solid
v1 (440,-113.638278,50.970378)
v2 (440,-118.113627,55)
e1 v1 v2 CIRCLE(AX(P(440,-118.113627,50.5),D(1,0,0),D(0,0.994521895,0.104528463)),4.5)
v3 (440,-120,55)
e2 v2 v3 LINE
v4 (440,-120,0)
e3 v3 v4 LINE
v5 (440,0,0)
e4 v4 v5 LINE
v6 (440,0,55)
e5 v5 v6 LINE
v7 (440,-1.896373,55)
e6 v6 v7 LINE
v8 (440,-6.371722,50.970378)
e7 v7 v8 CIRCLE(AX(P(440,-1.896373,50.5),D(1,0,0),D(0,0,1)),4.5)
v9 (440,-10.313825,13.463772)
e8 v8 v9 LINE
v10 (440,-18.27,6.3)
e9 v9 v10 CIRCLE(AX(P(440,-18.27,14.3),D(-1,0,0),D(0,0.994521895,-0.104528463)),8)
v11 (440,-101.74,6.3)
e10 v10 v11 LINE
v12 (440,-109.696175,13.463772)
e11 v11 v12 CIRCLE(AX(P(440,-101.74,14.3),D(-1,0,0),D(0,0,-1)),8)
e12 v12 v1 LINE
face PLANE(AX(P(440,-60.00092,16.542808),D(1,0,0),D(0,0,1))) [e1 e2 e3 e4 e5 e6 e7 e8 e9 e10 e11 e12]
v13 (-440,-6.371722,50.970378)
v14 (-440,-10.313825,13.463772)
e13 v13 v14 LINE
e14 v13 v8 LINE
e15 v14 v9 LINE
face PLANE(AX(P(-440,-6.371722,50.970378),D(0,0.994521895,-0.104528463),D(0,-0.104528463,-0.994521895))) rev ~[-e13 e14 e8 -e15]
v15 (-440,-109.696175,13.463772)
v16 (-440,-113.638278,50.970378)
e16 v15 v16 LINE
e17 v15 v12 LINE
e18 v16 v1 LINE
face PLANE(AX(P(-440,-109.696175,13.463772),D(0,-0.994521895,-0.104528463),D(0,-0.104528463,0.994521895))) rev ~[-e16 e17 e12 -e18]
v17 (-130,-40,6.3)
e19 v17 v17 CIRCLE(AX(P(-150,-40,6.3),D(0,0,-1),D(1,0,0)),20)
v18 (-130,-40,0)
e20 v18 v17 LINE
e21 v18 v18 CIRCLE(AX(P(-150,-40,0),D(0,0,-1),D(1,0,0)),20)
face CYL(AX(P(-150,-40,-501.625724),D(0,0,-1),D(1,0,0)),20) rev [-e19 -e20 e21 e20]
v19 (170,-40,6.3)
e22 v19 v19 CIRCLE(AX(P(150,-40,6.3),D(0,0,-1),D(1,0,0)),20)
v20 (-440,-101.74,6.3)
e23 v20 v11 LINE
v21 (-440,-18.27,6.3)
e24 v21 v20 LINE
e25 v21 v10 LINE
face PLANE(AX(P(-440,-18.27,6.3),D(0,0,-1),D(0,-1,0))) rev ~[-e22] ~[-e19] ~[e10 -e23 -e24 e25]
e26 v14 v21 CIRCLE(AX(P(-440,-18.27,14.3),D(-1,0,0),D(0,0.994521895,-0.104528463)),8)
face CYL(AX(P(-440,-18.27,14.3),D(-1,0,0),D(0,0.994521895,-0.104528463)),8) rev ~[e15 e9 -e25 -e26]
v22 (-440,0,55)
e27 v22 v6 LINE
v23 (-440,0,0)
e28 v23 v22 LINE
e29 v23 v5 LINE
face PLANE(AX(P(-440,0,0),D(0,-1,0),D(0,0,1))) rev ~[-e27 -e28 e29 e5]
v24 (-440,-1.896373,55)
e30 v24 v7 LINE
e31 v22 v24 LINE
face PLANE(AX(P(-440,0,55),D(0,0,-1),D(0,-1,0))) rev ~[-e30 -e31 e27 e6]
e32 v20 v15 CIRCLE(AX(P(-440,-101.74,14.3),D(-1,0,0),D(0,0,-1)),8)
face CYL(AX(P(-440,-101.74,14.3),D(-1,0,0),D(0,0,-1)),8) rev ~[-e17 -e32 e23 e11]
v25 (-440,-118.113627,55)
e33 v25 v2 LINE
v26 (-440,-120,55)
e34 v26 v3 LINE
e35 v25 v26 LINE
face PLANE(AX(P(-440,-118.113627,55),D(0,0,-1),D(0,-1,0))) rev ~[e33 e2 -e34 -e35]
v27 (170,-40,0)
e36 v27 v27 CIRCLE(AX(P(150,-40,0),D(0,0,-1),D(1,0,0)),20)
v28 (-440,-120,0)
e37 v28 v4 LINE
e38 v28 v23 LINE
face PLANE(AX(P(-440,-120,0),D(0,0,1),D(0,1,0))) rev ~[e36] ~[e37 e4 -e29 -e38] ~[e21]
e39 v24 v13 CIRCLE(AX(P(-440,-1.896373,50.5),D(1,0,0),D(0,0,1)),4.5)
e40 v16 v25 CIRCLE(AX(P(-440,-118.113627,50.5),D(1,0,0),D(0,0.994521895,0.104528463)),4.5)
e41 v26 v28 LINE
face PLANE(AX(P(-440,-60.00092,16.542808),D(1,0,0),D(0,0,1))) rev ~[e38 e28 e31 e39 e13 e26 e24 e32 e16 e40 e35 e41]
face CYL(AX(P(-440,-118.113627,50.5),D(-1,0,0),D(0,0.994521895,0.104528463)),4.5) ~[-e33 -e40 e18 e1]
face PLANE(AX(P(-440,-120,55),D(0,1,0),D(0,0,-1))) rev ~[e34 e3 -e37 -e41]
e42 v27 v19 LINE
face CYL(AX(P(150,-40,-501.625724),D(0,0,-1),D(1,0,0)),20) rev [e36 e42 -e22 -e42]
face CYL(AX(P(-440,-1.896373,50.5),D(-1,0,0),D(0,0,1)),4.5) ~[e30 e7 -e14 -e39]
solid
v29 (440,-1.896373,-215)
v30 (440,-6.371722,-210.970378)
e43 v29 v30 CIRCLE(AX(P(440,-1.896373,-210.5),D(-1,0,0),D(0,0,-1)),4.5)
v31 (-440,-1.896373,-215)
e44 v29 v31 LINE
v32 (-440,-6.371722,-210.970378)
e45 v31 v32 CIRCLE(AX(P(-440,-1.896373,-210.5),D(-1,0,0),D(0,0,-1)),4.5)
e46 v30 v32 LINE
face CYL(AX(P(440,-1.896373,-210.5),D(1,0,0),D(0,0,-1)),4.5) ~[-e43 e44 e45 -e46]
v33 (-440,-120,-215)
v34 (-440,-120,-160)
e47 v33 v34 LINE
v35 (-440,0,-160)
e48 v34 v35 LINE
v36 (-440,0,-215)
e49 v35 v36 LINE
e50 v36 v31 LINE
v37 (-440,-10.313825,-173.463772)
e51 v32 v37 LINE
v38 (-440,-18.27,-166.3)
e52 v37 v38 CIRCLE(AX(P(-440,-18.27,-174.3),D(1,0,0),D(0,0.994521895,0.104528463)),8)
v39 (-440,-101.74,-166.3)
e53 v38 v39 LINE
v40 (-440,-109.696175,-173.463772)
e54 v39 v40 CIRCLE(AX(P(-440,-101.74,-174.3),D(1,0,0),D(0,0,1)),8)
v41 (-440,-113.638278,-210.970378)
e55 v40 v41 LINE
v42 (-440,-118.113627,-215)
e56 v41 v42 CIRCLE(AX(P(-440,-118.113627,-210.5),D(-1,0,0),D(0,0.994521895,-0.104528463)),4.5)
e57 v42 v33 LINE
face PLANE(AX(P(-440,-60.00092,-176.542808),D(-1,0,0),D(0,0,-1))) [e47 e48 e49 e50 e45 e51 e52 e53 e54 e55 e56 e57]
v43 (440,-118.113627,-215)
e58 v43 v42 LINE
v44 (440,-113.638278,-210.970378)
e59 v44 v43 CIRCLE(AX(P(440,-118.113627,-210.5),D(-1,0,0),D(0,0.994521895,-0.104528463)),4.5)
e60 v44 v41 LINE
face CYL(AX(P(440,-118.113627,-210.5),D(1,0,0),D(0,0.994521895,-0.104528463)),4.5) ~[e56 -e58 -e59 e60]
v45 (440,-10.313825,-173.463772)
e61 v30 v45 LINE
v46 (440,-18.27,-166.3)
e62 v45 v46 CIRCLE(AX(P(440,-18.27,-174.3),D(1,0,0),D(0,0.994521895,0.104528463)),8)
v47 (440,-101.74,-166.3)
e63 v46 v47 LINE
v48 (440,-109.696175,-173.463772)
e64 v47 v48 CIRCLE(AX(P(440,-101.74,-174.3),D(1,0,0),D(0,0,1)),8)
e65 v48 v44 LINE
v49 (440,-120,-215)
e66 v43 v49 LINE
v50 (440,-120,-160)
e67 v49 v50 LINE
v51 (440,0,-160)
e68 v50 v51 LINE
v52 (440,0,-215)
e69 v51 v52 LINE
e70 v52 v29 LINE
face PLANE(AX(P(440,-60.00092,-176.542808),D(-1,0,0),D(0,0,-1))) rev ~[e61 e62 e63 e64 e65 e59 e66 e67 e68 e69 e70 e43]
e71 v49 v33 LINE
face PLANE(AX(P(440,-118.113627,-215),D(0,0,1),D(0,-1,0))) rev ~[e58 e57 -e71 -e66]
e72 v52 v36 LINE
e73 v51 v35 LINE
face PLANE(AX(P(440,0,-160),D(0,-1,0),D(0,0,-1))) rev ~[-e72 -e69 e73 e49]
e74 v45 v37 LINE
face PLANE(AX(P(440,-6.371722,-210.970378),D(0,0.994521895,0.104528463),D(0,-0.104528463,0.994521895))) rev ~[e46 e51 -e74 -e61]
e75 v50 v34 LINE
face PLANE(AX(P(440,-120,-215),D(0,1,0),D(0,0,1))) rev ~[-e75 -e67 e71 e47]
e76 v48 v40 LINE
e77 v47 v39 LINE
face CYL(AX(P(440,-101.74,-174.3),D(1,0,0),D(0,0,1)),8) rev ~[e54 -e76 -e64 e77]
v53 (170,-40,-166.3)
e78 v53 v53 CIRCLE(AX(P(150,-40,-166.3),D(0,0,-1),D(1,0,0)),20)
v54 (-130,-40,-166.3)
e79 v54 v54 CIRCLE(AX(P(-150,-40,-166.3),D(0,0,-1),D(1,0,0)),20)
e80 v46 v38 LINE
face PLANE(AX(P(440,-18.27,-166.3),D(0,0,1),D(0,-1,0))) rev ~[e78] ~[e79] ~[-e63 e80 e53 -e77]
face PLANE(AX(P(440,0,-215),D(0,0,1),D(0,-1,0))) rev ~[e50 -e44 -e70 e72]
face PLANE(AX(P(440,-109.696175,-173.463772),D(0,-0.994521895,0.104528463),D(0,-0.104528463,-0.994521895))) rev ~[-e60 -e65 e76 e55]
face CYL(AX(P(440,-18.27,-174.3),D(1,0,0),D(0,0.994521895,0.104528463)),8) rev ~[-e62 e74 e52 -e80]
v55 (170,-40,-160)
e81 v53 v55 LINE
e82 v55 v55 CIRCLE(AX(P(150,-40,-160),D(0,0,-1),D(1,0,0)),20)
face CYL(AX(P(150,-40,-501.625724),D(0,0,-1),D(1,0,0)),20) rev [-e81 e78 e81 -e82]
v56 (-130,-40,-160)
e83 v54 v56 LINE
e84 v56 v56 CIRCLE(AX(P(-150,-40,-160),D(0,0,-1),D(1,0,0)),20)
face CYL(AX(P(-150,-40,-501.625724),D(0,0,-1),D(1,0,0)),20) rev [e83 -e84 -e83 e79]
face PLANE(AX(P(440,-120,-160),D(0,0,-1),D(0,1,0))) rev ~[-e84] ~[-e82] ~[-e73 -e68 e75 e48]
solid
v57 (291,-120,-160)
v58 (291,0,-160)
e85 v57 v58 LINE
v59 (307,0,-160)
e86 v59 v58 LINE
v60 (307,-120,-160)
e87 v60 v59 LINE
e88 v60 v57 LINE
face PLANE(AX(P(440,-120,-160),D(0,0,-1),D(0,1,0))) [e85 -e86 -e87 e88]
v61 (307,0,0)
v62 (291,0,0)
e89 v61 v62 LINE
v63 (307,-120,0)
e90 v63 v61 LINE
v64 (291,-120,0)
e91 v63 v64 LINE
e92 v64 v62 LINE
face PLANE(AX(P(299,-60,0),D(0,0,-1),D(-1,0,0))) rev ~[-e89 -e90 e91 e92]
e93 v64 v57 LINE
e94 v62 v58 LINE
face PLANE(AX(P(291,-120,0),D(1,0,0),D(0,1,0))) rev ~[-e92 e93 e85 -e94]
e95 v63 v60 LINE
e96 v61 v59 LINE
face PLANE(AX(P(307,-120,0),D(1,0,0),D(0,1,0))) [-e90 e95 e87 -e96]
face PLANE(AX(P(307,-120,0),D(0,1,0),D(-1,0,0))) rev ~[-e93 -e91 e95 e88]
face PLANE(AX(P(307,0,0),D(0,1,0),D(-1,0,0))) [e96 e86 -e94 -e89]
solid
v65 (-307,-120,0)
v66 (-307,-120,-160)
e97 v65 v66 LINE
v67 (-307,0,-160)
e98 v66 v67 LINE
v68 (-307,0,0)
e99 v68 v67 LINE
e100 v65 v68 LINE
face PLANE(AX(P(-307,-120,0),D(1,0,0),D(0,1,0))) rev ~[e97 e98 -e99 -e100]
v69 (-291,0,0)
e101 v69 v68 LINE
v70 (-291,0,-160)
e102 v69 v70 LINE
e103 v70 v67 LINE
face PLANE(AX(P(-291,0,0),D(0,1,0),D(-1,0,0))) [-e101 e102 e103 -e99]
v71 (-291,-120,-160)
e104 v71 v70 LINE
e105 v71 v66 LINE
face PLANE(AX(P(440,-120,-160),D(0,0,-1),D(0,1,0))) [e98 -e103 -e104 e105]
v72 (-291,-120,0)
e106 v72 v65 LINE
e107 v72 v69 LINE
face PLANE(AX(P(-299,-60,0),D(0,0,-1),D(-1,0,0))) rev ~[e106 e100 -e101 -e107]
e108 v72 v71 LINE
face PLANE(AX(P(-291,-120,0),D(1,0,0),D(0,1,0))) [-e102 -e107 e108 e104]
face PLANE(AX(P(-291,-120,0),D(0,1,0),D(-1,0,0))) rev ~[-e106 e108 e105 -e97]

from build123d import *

# Parameters (mm, degrees)
C_CHANNEL_120_X_12_1_DEPTH = 880
C_CHANNEL_120_X_12_2_DEPTH = 880
CUT_EXTRUDE3_DEPTH         = 507.925724342
CUT_EXTRUDE3_DEPTH_BACK    = 507.925724342
SKETCH18_R                 = 20
BOSS_EXTRUDE1_REACH        = 506.207
SKETCH19_W                 = 16
SKETCH19_H                 = 120


with BuildPart() as part:
    # Sketch13 → C channel 120 X 12(1) (new body)
    with BuildSketch(Plane(origin=(-440, 0, 0), x_dir=(0, 0, 1), z_dir=(1, 0, 0))):
        with BuildLine():
            Line((55, 120), (0, 120))
            Line((0, 120), (0, 0))
            Line((0, 0), (55, 0))
            Line((55, 0), (55, 1.896373189))
            ThreePointArc((55, 1.896373189), (53.844151715, 4.907460917), (50.970378085, 6.371721718))
            Line((50.970378085, 6.371721718), (13.463772294, 10.313824837))
            ThreePointArc((13.463772294, 10.313824837), (8.354841396, 12.916955149), (6.3, 18.27))
            Line((6.3, 18.27), (6.3, 101.74))
            ThreePointArc((6.3, 101.74), (8.354841396, 107.093044851), (13.463772294, 109.696175163))
            Line((13.463772294, 109.696175163), (50.970378085, 113.638278282))
            ThreePointArc((50.970378085, 113.638278282), (53.844151715, 115.102539083), (55, 118.113626811))
            Line((55, 118.113626811), (55, 120))
        make_face()
    extrude(amount=C_CHANNEL_120_X_12_1_DEPTH)


with BuildPart() as body_2:
    # Sketch16 → C channel 120 X 12(2) (new body)
    with BuildSketch(Plane(origin=(440, 0, -160), x_dir=(0, 0, -1), z_dir=(-1, 0, 0))):
        with BuildLine():
            Line((55, 120), (0, 120))
            Line((0, 120), (0, 0))
            Line((0, 0), (55, 0))
            Line((55, 0), (55, 1.896373189))
            ThreePointArc((55, 1.896373189), (53.844151715, 4.907460917), (50.970378085, 6.371721718))
            Line((50.970378085, 6.371721718), (13.463772294, 10.313824837))
            ThreePointArc((13.463772294, 10.313824837), (8.354841396, 12.916955149), (6.3, 18.27))
            Line((6.3, 18.27), (6.3, 101.74))
            ThreePointArc((6.3, 101.74), (8.354841396, 107.093044851), (13.463772294, 109.696175163))
            Line((13.463772294, 109.696175163), (50.970378085, 113.638278282))
            ThreePointArc((50.970378085, 113.638278282), (53.844151715, 115.102539083), (55, 118.113626811))
            Line((55, 118.113626811), (55, 120))
        make_face()
    extrude(amount=C_CHANNEL_120_X_12_2_DEPTH)


with BuildPart() as cut_extrude3_tool:
    # Sketch18 → Cut-Extrude3 (new, two sides: drawn at the far end of the back side and taken through both)
    with BuildSketch(Plane.XY.offset(6.3).offset(-CUT_EXTRUDE3_DEPTH_BACK)):
        with Locations((-150, -40)):
            Circle(SKETCH18_R)
        with Locations((150, -40)):
            Circle(SKETCH18_R)
    extrude(amount=CUT_EXTRUDE3_DEPTH + CUT_EXTRUDE3_DEPTH_BACK)


with BuildPart() as part_1:
    add(part.part)

    # Cut-Extrude3: cut by cut_extrude3_tool
    add(cut_extrude3_tool.part, mode=Mode.SUBTRACT)


with BuildPart() as body_2_1:
    add(body_2.part)

    # Cut-Extrude3: cut by cut_extrude3_tool
    add(cut_extrude3_tool.part, mode=Mode.SUBTRACT)


with BuildPart() as body_3:

    # Sketch19 → Boss-Extrude1 (new, up to next)
    with BuildSketch(Plane(origin=(0, 0, 0), x_dir=(-1, 0, 0), z_dir=(0, 0, -1)), mode=Mode.PRIVATE) as boss_extrude1_sk1:
        with Locations((-299, -60)):
            Rectangle(SKETCH19_W, SKETCH19_H)
    boss_extrude1_tool1 = extrude(boss_extrude1_sk1.sketch, amount=BOSS_EXTRUDE1_REACH, mode=Mode.PRIVATE) - body_2_1.part
    # Sketch19 → Boss-Extrude1 (new, up to next)
    with BuildSketch(Plane(origin=(0, 0, 0), x_dir=(-1, 0, 0), z_dir=(0, 0, -1)), mode=Mode.PRIVATE) as boss_extrude1_sk2:
        with Locations((299, -60)):
            Rectangle(SKETCH19_W, SKETCH19_H)
    boss_extrude1_tool2 = extrude(boss_extrude1_sk2.sketch, amount=BOSS_EXTRUDE1_REACH, mode=Mode.PRIVATE) - body_2_1.part
    add(boss_extrude1_tool1.solids().sort_by_distance((299, -60, 0))[0])
    add(boss_extrude1_tool2.solids().sort_by_distance((-299, -60, 0))[0])


solid = Compound([part_1.part, body_2_1.part, body_3.part])
